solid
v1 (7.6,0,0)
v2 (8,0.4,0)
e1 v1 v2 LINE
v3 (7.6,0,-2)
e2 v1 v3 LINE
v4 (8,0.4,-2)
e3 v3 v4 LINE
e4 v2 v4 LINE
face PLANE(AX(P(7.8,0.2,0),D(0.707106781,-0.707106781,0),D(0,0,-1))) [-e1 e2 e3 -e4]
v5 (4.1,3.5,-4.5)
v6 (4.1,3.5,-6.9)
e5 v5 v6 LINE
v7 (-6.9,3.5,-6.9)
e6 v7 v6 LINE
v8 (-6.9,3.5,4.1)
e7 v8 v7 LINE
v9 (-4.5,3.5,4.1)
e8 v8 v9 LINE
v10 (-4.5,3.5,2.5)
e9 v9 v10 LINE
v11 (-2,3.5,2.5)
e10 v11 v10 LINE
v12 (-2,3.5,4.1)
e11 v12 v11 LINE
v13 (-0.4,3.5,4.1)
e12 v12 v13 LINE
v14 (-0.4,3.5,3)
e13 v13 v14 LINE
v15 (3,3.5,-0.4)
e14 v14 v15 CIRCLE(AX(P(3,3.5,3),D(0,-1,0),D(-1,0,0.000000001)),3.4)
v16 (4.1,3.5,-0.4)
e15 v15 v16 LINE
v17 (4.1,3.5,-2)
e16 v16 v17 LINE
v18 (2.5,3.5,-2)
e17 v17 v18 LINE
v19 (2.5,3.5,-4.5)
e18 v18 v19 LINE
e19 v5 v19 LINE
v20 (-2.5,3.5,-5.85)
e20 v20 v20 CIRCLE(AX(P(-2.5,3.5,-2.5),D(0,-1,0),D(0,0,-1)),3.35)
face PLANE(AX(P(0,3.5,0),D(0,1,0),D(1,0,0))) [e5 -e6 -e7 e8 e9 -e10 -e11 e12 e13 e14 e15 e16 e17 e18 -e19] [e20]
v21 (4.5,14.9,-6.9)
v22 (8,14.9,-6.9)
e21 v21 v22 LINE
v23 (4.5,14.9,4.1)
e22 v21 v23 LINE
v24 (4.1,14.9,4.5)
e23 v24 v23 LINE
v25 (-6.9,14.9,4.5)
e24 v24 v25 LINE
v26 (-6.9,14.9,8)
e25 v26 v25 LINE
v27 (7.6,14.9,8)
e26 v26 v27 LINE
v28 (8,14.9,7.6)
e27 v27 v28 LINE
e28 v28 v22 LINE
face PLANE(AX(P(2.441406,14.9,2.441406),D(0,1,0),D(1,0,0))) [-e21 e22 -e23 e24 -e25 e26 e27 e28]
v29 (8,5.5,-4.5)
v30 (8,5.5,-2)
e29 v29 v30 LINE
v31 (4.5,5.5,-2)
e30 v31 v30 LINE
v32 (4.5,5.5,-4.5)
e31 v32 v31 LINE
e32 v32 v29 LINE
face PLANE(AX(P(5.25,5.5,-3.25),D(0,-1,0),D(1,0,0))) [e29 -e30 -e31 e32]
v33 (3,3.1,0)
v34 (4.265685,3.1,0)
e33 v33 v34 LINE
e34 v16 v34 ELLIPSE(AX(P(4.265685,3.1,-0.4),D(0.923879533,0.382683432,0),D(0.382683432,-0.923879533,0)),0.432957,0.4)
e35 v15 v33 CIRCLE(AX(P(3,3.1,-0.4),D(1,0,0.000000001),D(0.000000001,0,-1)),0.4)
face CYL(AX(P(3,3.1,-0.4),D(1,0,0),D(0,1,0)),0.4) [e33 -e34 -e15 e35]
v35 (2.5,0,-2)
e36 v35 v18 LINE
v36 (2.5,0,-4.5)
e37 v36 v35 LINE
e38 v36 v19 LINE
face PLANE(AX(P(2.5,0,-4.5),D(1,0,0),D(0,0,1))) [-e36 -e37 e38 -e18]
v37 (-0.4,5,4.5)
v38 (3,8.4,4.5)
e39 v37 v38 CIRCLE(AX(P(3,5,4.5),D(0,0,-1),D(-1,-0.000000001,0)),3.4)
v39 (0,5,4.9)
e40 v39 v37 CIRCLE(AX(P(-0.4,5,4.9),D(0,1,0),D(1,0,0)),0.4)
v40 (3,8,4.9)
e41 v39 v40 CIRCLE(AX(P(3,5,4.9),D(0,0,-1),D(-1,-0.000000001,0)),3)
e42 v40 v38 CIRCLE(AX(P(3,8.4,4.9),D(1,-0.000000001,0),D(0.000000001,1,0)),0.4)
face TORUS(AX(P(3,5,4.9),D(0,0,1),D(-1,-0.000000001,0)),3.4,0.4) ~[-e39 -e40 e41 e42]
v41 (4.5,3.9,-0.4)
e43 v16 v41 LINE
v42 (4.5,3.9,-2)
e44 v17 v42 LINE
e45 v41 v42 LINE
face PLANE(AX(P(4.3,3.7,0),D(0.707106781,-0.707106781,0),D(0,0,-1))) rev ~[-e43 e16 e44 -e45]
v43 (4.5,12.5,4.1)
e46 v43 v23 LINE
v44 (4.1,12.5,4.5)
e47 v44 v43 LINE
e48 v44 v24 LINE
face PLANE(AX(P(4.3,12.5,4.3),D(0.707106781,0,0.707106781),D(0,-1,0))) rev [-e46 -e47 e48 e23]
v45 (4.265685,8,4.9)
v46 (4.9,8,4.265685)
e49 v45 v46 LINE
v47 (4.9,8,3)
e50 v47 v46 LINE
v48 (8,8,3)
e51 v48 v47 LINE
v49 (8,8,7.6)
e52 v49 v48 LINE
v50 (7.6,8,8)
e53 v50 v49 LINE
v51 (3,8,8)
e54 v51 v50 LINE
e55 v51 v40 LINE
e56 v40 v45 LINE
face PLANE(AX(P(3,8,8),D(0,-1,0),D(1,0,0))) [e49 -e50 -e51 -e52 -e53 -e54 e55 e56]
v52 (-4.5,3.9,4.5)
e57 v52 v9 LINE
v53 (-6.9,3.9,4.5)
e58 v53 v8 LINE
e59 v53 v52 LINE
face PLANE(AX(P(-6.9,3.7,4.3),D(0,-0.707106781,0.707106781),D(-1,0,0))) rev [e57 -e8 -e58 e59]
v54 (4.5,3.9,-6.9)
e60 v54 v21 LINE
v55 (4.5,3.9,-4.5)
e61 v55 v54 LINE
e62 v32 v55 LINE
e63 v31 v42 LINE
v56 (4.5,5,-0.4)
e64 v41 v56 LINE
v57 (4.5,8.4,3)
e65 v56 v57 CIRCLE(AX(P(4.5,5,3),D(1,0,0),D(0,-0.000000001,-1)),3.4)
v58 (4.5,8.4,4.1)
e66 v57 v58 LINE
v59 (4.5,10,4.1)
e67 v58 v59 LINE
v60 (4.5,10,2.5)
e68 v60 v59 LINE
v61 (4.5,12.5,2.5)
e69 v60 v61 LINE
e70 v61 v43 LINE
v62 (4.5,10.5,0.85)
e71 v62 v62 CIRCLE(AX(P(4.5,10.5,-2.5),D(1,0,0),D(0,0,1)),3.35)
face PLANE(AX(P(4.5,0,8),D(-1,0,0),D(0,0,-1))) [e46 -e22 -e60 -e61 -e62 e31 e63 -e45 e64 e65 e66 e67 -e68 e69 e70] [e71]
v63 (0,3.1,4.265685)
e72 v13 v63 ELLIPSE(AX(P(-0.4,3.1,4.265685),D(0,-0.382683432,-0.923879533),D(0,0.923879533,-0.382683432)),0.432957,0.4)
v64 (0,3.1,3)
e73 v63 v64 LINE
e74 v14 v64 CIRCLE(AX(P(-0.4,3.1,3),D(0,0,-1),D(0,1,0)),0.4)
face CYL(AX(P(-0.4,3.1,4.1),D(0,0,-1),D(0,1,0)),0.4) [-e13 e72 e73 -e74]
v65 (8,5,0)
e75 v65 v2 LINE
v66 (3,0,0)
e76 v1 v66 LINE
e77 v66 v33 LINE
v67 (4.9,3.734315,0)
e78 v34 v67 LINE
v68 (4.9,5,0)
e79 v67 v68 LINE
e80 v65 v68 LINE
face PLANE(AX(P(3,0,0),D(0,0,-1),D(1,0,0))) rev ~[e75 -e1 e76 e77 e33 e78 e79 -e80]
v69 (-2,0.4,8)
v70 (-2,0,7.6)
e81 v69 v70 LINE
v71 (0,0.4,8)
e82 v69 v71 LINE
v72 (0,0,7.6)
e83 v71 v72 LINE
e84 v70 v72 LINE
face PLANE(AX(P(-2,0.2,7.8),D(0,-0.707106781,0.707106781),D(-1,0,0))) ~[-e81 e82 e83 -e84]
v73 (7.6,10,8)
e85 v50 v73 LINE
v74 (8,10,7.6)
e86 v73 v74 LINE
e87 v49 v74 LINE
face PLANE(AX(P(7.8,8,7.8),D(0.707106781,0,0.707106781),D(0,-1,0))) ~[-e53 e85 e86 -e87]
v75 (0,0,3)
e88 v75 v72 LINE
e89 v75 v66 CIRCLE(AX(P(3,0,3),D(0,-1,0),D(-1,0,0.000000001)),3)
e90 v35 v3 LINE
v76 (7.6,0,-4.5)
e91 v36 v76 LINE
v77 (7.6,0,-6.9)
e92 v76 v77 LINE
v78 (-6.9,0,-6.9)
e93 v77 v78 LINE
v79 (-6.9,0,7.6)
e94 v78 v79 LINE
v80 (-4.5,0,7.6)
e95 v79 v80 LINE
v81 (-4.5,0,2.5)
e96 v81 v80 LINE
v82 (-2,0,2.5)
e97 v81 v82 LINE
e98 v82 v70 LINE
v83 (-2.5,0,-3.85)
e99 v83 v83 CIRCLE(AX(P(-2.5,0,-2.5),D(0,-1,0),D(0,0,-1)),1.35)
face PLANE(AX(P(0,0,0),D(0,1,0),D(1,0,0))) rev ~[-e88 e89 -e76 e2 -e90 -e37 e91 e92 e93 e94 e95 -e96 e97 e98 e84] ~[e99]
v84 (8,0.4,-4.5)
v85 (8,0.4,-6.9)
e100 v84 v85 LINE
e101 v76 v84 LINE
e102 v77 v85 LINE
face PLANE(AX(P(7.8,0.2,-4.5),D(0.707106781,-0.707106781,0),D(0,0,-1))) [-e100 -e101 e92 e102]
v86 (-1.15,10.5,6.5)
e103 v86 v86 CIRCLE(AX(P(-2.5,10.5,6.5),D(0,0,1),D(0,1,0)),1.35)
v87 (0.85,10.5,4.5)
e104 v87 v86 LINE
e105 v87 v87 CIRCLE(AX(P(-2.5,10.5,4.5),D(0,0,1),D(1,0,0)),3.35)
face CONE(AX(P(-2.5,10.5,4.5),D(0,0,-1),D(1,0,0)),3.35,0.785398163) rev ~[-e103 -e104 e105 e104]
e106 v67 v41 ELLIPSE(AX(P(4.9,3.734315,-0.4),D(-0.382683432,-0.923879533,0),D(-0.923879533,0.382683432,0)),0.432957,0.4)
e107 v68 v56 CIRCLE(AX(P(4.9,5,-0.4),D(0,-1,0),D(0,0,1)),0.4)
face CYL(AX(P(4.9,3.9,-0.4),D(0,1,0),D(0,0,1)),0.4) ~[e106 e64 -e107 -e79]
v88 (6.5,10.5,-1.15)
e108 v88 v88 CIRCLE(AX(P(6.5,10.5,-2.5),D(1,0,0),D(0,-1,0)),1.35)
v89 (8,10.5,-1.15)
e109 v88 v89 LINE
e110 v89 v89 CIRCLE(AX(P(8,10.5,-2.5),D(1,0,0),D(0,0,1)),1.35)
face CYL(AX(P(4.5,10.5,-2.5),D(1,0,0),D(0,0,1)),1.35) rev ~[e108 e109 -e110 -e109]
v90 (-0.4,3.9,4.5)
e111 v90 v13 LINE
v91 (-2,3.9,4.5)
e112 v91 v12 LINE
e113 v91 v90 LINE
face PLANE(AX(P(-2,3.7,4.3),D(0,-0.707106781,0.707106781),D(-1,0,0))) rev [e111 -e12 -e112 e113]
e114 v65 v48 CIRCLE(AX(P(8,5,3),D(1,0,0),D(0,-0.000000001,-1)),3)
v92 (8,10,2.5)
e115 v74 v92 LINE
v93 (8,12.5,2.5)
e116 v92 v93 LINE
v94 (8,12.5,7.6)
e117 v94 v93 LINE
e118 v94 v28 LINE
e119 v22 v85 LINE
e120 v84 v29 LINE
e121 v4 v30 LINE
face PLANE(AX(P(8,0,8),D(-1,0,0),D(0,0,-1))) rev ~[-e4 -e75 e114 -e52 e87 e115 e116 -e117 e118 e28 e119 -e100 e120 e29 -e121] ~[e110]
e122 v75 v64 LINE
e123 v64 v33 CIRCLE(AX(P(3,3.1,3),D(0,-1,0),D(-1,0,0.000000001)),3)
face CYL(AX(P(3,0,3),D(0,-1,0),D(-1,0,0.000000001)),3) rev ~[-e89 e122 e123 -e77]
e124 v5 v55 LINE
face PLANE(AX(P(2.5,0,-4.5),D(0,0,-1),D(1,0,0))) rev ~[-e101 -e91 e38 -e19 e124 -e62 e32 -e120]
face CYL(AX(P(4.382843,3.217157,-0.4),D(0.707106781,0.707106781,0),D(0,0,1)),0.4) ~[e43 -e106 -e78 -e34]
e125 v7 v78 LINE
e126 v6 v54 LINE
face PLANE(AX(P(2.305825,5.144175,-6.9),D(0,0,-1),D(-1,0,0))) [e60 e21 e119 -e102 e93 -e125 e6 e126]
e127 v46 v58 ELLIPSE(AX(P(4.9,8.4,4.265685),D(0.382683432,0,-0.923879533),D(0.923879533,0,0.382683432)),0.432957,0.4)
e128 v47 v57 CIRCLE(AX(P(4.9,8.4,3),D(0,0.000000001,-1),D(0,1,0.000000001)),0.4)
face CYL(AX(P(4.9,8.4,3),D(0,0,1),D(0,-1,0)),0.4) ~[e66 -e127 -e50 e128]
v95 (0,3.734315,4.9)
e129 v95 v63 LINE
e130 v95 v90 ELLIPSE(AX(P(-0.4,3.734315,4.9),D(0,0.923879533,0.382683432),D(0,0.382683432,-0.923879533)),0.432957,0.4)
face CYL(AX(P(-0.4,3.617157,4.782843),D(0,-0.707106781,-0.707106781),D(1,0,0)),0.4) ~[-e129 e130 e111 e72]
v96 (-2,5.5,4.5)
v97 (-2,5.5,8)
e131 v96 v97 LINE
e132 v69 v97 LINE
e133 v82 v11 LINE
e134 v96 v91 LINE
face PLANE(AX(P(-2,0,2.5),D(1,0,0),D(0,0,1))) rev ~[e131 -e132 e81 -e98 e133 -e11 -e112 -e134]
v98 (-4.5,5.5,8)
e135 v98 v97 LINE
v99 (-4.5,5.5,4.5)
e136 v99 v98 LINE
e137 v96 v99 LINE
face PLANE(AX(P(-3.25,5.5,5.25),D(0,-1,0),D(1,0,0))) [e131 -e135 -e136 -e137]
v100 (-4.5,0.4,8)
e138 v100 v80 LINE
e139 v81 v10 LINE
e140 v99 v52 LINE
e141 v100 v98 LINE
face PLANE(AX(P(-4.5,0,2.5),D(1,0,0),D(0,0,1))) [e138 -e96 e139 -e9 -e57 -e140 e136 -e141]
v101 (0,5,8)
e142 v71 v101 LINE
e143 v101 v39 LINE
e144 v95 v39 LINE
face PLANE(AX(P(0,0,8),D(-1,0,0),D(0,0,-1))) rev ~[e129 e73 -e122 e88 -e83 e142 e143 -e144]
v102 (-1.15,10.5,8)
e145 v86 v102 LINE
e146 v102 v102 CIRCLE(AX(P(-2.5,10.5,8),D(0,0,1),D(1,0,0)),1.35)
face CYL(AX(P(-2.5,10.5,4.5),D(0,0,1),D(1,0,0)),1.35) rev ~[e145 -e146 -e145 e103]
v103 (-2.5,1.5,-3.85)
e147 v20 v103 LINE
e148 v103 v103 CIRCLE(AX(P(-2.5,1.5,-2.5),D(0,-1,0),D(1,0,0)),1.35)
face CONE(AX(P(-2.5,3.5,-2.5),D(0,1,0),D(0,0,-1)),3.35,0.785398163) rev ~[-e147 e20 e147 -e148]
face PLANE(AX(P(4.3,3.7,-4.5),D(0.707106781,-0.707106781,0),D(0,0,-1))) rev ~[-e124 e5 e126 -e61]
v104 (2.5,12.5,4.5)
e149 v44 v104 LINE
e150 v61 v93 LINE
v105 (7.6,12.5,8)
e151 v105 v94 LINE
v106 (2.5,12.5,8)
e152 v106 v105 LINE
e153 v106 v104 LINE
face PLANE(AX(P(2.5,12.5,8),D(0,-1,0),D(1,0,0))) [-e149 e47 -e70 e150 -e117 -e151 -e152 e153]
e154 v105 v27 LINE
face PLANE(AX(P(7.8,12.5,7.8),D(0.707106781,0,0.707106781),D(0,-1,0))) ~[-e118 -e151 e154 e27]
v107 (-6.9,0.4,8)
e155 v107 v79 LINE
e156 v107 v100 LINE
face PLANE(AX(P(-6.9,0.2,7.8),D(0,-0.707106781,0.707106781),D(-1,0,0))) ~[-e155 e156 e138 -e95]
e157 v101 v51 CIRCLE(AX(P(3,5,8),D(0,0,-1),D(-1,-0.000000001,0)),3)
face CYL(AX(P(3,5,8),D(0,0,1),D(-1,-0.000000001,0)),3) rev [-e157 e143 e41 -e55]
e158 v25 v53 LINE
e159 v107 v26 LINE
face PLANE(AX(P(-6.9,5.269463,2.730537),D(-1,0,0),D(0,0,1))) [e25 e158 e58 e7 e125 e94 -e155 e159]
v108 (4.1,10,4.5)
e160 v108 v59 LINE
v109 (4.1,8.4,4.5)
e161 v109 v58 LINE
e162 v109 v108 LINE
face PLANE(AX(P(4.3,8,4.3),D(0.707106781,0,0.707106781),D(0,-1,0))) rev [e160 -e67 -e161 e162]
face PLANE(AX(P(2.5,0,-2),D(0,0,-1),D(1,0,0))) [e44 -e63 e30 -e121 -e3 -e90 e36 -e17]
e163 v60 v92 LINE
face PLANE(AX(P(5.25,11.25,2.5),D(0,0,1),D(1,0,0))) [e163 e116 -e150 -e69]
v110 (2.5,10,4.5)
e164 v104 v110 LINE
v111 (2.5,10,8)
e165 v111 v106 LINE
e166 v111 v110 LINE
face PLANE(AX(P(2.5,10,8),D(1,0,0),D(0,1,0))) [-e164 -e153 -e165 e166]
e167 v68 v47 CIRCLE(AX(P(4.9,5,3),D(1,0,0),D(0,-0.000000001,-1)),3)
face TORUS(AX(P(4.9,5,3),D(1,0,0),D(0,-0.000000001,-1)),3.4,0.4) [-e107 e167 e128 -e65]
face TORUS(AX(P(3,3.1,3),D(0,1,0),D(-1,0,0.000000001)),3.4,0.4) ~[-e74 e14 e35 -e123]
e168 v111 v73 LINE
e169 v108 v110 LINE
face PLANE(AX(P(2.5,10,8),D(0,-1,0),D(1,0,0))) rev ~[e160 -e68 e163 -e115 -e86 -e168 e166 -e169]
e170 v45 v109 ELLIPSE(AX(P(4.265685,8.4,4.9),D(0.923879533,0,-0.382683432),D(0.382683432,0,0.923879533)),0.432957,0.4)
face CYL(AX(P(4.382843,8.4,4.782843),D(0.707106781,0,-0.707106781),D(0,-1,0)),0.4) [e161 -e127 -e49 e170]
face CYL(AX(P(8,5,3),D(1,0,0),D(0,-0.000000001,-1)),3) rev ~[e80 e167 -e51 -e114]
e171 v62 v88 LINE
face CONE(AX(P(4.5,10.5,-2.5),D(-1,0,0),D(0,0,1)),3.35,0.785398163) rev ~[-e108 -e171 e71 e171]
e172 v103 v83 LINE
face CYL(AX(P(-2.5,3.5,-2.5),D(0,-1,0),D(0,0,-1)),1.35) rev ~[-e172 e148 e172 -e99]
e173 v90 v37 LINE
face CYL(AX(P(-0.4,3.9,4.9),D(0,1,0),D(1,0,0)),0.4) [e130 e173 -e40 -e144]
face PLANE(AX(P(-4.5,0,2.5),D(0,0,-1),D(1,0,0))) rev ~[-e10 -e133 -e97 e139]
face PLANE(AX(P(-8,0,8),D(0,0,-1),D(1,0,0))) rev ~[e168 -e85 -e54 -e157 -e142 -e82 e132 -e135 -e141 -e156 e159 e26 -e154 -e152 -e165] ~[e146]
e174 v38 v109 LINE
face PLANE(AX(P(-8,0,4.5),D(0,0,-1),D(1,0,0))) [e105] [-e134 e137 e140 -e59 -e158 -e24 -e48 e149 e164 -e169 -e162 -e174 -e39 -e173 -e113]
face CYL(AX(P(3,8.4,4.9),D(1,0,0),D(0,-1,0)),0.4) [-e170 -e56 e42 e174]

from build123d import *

# Parameters (mm, degrees)
ESQUISSE1_W                                        = 16
ESQUISSE1_H                                        = 16
BOSS_EXTRU_1_DEPTH                                 = 16
COQUE2_T                                           = -3.5
ESQUISSE2_W                                        = 2.5
ESQUISSE2_H                                        = 5.5
ESQUISSE2_W_2                                      = 5.5
ESQUISSE2_H_2                                      = 2.5
ENL_V_MAT_EXTRU_1_DEPTH                            = 5.5
ESQUISSE3_W                                        = 5.5
ESQUISSE3_H                                        = 2.5
ENL_V_MAT_EXTRU_2_DEPTH                            = 5.5
ENL_V_MAT_EXTRU_3_DEPTH                            = 3.5
ENL_V_MAT_EXTRU_4_DEPTH                            = 3.5
ENL_V_MAT_EXTRU_5_DEPTH                            = 3.5
FRAISAGE_POUR_VIS_T_TE_FRAIS_E_M2_51_D             = 2.7
FRAISAGE_POUR_VIS_T_TE_FRAIS_E_M2_51_CSINK_D       = 6.7
FRAISAGE_POUR_VIS_T_TE_FRAIS_E_M2_51_CSINK_ANGLE   = 90
FRAISAGE_POUR_VIS_T_TE_FRAIS_E_M2_51_O_D           = 2.7
FRAISAGE_POUR_VIS_T_TE_FRAIS_E_M2_51_O_CSINK_D     = 6.7
FRAISAGE_POUR_VIS_T_TE_FRAIS_E_M2_51_O_CSINK_ANGLE = 90
FRAISAGE_POUR_VIS_T_TE_FRAIS_E_M2_2_D              = 2.7
FRAISAGE_POUR_VIS_T_TE_FRAIS_E_M2_2_CSINK_D        = 6.7
FRAISAGE_POUR_VIS_T_TE_FRAIS_E_M2_2_CSINK_ANGLE    = 90
ENL_V_MAT_EXTRU_6_DEPTH                            = 1.1
ENL_V_MAT_EXTRU_7_DEPTH                            = 1.1
ENL_V_MAT_EXTRU_8_DEPTH                            = 1.1
CHANFREIN1_SIZE                                    = 0.4
CONG_1_R                                           = 0.4


with BuildPart() as part:
    # Esquisse1 → Boss.-Extru.1 (new body)
    with BuildSketch(Plane(origin=(0, 0, 0), x_dir=(1, 0, 0), z_dir=(0, 1, 0))):
        Rectangle(ESQUISSE1_W, ESQUISSE1_H)
    extrude(amount=BOSS_EXTRU_1_DEPTH)

    # Coque2
    coque2_openings = [part.faces().sort_by_distance(p)[0] for p in [
        (0, 16, 0),
        (-8, 8, 0),
        (0, 8, -8),
    ]]
    offset(amount=COQUE2_T, openings=coque2_openings, kind=Kind.INTERSECTION)

    # Esquisse2 → Enlèv. mat.-Extru.1 (cut)
    with BuildSketch(Plane.XZ):
        with Locations((-3.25, 5.25)):
            Rectangle(ESQUISSE2_W, ESQUISSE2_H)
        with Locations((5.25, -3.25)):
            Rectangle(ESQUISSE2_W_2, ESQUISSE2_H_2)
    extrude(amount=-ENL_V_MAT_EXTRU_1_DEPTH, mode=Mode.SUBTRACT)

    # Esquisse3 → Enlèv. mat.-Extru.2 (cut)
    with BuildSketch(Plane.XY.offset(8)):
        with Locations((5.25, 11.25)):
            Rectangle(ESQUISSE3_W, ESQUISSE3_H)
    extrude(amount=-ENL_V_MAT_EXTRU_2_DEPTH, mode=Mode.SUBTRACT)

    # Esquisse7 → Enlèv. mat.-Extru.3 (cut)
    with BuildSketch(Plane.XZ):
        with BuildLine():
            Line((3, 0), (8, 0))
            Line((8, 0), (8, 8))
            Line((8, 8), (0, 8))
            Line((0, 8), (0, 3))
            ThreePointArc((0, 3), (0.878679656, 0.878679656), (3, 0))
        make_face()
    extrude(amount=-ENL_V_MAT_EXTRU_3_DEPTH, mode=Mode.SUBTRACT)

    # Esquisse8 → Enlèv. mat.-Extru.4 (cut)
    with BuildSketch(Plane.XY.offset(8)):
        with BuildLine():
            Line((3, 8), (8, 8))
            Line((8, 8), (8, 0))
            Line((8, 0), (0, 0))
            Line((0, 0), (0, 5))
            ThreePointArc((0, 5), (0.878679656, 7.121320344), (3, 8))
        make_face()
    extrude(amount=-ENL_V_MAT_EXTRU_4_DEPTH, mode=Mode.SUBTRACT)

    # Esquisse9 → Enlèv. mat.-Extru.5 (cut)
    with BuildSketch(Plane(origin=(8, 0, 0), x_dir=(0, 0, -1), z_dir=(1, 0, 0))):
        with BuildLine():
            Line((-3, 8), (-8, 8))
            Line((-8, 8), (-8, 0))
            Line((-8, 0), (0, 0))
            Line((0, 0), (0, 5))
            ThreePointArc((0, 5), (-0.878679656, 7.121320344), (-3, 8))
        make_face()
    extrude(amount=-ENL_V_MAT_EXTRU_5_DEPTH, mode=Mode.SUBTRACT)

    # Fraisage pour vis à tête fraisée M2.51 (through all)
    with Locations(Plane(origin=(4.5, 10.5, -2.5), x_dir=(0, 0, -1), z_dir=(-1, 0, 0))):
        with Locations((0, 0)):
            CounterSinkHole(FRAISAGE_POUR_VIS_T_TE_FRAIS_E_M2_51_D / 2, FRAISAGE_POUR_VIS_T_TE_FRAIS_E_M2_51_CSINK_D / 2, counter_sink_angle=FRAISAGE_POUR_VIS_T_TE_FRAIS_E_M2_51_CSINK_ANGLE)

    # Fraisage pour vis à tête fraisée M2.51 o (through all)
    with Locations(Plane(origin=(-2.5, 10.5, 4.5), x_dir=(-1, 0, 0), z_dir=(0, 0, -1))):
        with Locations((0, 0)):
            CounterSinkHole(FRAISAGE_POUR_VIS_T_TE_FRAIS_E_M2_51_O_D / 2, FRAISAGE_POUR_VIS_T_TE_FRAIS_E_M2_51_O_CSINK_D / 2, counter_sink_angle=FRAISAGE_POUR_VIS_T_TE_FRAIS_E_M2_51_O_CSINK_ANGLE)

    # Fraisage pour vis _ t_te frais_e M2. 2 (through all)
    with Locations(Plane(origin=(-2.5, 3.5, -2.5), x_dir=(0, 0, 1), z_dir=(0, 1, 0))):
        with Locations((0, 0)):
            CounterSinkHole(FRAISAGE_POUR_VIS_T_TE_FRAIS_E_M2_2_D / 2, FRAISAGE_POUR_VIS_T_TE_FRAIS_E_M2_2_CSINK_D / 2, counter_sink_angle=FRAISAGE_POUR_VIS_T_TE_FRAIS_E_M2_2_CSINK_ANGLE)

    # Esquisse10 → Enlèv. mat.-Extru.6 (cut)
    with BuildSketch(Plane(origin=(0, 16, 0), x_dir=(1, 0, 0), z_dir=(0, 1, 0))):
        Polygon((4.5, 8), (4.5, -4.5), (-8, -4.5), (-8, -8), (8, -8), (8, 8), align=None)
    extrude(amount=-ENL_V_MAT_EXTRU_6_DEPTH, mode=Mode.SUBTRACT)

    # Esquisse11 → Enlèv. mat.-Extru.7 (cut)
    with BuildSketch(Plane(origin=(0, 0, -8), x_dir=(-1, 0, 0), z_dir=(0, 0, -1))):
        Polygon((-4.5, 14.9), (-8, 14.9), (-8, 0), (8, 0), (8, 3.5), (-4.5, 3.5), align=None)
    extrude(amount=-ENL_V_MAT_EXTRU_7_DEPTH, mode=Mode.SUBTRACT)

    # Esquisse13 → Enlèv. mat.-Extru.8 (cut)
    with BuildSketch(Plane.ZY.offset(8)):
        Polygon((-6.9, 3.5), (-6.9, 0), (8, 0), (8, 14.9), (4.5, 14.9), (4.5, 3.5), align=None)
    extrude(amount=-ENL_V_MAT_EXTRU_8_DEPTH, mode=Mode.SUBTRACT)

    # Chanfrein1
    chanfrein1_edges = [part.edges().sort_by_distance(p)[0] for p in [
        (4.5, 13.7, 4.5),
        (8, 13.7, 8),
        (-5.7, 3.5, 4.5),
        (-5.7, 0, 8),
        (4.5, 3.5, -5.7),
        (-1, 3.5, 4.5),
        (8, 0, -5.7),
        (-1, 0, 8),
        (4.5, 9, 4.5),
        (8, 9, 8),
        (4.5, 3.5, -1),
        (8, 0, -1),
    ]]
    chamfer(chanfrein1_edges, length=CHANFREIN1_SIZE)

    # Congé1
    cong_1_edges = [part.edges().sort_by_distance(p)[0] for p in [
        (0.878679656, 3.5, 0.878679656),
        (0, 4.45, 4.5),
        (0.878679656, 7.121320344, 4.5),
        (4.5, 8, 3.55),
        (4.5, 7.121320344, 0.878679656),
        (3.55, 8, 4.5),
        (4.5, 4.45, 0),
        (4.3, 8, 4.3),
        (0, 3.7, 4.3),
        (4.3, 3.7, 0),
        (0, 3.5, 3.55),
        (3.55, 3.5, 0),
    ]]
    fillet(cong_1_edges, radius=CONG_1_R)


solid = part.part
